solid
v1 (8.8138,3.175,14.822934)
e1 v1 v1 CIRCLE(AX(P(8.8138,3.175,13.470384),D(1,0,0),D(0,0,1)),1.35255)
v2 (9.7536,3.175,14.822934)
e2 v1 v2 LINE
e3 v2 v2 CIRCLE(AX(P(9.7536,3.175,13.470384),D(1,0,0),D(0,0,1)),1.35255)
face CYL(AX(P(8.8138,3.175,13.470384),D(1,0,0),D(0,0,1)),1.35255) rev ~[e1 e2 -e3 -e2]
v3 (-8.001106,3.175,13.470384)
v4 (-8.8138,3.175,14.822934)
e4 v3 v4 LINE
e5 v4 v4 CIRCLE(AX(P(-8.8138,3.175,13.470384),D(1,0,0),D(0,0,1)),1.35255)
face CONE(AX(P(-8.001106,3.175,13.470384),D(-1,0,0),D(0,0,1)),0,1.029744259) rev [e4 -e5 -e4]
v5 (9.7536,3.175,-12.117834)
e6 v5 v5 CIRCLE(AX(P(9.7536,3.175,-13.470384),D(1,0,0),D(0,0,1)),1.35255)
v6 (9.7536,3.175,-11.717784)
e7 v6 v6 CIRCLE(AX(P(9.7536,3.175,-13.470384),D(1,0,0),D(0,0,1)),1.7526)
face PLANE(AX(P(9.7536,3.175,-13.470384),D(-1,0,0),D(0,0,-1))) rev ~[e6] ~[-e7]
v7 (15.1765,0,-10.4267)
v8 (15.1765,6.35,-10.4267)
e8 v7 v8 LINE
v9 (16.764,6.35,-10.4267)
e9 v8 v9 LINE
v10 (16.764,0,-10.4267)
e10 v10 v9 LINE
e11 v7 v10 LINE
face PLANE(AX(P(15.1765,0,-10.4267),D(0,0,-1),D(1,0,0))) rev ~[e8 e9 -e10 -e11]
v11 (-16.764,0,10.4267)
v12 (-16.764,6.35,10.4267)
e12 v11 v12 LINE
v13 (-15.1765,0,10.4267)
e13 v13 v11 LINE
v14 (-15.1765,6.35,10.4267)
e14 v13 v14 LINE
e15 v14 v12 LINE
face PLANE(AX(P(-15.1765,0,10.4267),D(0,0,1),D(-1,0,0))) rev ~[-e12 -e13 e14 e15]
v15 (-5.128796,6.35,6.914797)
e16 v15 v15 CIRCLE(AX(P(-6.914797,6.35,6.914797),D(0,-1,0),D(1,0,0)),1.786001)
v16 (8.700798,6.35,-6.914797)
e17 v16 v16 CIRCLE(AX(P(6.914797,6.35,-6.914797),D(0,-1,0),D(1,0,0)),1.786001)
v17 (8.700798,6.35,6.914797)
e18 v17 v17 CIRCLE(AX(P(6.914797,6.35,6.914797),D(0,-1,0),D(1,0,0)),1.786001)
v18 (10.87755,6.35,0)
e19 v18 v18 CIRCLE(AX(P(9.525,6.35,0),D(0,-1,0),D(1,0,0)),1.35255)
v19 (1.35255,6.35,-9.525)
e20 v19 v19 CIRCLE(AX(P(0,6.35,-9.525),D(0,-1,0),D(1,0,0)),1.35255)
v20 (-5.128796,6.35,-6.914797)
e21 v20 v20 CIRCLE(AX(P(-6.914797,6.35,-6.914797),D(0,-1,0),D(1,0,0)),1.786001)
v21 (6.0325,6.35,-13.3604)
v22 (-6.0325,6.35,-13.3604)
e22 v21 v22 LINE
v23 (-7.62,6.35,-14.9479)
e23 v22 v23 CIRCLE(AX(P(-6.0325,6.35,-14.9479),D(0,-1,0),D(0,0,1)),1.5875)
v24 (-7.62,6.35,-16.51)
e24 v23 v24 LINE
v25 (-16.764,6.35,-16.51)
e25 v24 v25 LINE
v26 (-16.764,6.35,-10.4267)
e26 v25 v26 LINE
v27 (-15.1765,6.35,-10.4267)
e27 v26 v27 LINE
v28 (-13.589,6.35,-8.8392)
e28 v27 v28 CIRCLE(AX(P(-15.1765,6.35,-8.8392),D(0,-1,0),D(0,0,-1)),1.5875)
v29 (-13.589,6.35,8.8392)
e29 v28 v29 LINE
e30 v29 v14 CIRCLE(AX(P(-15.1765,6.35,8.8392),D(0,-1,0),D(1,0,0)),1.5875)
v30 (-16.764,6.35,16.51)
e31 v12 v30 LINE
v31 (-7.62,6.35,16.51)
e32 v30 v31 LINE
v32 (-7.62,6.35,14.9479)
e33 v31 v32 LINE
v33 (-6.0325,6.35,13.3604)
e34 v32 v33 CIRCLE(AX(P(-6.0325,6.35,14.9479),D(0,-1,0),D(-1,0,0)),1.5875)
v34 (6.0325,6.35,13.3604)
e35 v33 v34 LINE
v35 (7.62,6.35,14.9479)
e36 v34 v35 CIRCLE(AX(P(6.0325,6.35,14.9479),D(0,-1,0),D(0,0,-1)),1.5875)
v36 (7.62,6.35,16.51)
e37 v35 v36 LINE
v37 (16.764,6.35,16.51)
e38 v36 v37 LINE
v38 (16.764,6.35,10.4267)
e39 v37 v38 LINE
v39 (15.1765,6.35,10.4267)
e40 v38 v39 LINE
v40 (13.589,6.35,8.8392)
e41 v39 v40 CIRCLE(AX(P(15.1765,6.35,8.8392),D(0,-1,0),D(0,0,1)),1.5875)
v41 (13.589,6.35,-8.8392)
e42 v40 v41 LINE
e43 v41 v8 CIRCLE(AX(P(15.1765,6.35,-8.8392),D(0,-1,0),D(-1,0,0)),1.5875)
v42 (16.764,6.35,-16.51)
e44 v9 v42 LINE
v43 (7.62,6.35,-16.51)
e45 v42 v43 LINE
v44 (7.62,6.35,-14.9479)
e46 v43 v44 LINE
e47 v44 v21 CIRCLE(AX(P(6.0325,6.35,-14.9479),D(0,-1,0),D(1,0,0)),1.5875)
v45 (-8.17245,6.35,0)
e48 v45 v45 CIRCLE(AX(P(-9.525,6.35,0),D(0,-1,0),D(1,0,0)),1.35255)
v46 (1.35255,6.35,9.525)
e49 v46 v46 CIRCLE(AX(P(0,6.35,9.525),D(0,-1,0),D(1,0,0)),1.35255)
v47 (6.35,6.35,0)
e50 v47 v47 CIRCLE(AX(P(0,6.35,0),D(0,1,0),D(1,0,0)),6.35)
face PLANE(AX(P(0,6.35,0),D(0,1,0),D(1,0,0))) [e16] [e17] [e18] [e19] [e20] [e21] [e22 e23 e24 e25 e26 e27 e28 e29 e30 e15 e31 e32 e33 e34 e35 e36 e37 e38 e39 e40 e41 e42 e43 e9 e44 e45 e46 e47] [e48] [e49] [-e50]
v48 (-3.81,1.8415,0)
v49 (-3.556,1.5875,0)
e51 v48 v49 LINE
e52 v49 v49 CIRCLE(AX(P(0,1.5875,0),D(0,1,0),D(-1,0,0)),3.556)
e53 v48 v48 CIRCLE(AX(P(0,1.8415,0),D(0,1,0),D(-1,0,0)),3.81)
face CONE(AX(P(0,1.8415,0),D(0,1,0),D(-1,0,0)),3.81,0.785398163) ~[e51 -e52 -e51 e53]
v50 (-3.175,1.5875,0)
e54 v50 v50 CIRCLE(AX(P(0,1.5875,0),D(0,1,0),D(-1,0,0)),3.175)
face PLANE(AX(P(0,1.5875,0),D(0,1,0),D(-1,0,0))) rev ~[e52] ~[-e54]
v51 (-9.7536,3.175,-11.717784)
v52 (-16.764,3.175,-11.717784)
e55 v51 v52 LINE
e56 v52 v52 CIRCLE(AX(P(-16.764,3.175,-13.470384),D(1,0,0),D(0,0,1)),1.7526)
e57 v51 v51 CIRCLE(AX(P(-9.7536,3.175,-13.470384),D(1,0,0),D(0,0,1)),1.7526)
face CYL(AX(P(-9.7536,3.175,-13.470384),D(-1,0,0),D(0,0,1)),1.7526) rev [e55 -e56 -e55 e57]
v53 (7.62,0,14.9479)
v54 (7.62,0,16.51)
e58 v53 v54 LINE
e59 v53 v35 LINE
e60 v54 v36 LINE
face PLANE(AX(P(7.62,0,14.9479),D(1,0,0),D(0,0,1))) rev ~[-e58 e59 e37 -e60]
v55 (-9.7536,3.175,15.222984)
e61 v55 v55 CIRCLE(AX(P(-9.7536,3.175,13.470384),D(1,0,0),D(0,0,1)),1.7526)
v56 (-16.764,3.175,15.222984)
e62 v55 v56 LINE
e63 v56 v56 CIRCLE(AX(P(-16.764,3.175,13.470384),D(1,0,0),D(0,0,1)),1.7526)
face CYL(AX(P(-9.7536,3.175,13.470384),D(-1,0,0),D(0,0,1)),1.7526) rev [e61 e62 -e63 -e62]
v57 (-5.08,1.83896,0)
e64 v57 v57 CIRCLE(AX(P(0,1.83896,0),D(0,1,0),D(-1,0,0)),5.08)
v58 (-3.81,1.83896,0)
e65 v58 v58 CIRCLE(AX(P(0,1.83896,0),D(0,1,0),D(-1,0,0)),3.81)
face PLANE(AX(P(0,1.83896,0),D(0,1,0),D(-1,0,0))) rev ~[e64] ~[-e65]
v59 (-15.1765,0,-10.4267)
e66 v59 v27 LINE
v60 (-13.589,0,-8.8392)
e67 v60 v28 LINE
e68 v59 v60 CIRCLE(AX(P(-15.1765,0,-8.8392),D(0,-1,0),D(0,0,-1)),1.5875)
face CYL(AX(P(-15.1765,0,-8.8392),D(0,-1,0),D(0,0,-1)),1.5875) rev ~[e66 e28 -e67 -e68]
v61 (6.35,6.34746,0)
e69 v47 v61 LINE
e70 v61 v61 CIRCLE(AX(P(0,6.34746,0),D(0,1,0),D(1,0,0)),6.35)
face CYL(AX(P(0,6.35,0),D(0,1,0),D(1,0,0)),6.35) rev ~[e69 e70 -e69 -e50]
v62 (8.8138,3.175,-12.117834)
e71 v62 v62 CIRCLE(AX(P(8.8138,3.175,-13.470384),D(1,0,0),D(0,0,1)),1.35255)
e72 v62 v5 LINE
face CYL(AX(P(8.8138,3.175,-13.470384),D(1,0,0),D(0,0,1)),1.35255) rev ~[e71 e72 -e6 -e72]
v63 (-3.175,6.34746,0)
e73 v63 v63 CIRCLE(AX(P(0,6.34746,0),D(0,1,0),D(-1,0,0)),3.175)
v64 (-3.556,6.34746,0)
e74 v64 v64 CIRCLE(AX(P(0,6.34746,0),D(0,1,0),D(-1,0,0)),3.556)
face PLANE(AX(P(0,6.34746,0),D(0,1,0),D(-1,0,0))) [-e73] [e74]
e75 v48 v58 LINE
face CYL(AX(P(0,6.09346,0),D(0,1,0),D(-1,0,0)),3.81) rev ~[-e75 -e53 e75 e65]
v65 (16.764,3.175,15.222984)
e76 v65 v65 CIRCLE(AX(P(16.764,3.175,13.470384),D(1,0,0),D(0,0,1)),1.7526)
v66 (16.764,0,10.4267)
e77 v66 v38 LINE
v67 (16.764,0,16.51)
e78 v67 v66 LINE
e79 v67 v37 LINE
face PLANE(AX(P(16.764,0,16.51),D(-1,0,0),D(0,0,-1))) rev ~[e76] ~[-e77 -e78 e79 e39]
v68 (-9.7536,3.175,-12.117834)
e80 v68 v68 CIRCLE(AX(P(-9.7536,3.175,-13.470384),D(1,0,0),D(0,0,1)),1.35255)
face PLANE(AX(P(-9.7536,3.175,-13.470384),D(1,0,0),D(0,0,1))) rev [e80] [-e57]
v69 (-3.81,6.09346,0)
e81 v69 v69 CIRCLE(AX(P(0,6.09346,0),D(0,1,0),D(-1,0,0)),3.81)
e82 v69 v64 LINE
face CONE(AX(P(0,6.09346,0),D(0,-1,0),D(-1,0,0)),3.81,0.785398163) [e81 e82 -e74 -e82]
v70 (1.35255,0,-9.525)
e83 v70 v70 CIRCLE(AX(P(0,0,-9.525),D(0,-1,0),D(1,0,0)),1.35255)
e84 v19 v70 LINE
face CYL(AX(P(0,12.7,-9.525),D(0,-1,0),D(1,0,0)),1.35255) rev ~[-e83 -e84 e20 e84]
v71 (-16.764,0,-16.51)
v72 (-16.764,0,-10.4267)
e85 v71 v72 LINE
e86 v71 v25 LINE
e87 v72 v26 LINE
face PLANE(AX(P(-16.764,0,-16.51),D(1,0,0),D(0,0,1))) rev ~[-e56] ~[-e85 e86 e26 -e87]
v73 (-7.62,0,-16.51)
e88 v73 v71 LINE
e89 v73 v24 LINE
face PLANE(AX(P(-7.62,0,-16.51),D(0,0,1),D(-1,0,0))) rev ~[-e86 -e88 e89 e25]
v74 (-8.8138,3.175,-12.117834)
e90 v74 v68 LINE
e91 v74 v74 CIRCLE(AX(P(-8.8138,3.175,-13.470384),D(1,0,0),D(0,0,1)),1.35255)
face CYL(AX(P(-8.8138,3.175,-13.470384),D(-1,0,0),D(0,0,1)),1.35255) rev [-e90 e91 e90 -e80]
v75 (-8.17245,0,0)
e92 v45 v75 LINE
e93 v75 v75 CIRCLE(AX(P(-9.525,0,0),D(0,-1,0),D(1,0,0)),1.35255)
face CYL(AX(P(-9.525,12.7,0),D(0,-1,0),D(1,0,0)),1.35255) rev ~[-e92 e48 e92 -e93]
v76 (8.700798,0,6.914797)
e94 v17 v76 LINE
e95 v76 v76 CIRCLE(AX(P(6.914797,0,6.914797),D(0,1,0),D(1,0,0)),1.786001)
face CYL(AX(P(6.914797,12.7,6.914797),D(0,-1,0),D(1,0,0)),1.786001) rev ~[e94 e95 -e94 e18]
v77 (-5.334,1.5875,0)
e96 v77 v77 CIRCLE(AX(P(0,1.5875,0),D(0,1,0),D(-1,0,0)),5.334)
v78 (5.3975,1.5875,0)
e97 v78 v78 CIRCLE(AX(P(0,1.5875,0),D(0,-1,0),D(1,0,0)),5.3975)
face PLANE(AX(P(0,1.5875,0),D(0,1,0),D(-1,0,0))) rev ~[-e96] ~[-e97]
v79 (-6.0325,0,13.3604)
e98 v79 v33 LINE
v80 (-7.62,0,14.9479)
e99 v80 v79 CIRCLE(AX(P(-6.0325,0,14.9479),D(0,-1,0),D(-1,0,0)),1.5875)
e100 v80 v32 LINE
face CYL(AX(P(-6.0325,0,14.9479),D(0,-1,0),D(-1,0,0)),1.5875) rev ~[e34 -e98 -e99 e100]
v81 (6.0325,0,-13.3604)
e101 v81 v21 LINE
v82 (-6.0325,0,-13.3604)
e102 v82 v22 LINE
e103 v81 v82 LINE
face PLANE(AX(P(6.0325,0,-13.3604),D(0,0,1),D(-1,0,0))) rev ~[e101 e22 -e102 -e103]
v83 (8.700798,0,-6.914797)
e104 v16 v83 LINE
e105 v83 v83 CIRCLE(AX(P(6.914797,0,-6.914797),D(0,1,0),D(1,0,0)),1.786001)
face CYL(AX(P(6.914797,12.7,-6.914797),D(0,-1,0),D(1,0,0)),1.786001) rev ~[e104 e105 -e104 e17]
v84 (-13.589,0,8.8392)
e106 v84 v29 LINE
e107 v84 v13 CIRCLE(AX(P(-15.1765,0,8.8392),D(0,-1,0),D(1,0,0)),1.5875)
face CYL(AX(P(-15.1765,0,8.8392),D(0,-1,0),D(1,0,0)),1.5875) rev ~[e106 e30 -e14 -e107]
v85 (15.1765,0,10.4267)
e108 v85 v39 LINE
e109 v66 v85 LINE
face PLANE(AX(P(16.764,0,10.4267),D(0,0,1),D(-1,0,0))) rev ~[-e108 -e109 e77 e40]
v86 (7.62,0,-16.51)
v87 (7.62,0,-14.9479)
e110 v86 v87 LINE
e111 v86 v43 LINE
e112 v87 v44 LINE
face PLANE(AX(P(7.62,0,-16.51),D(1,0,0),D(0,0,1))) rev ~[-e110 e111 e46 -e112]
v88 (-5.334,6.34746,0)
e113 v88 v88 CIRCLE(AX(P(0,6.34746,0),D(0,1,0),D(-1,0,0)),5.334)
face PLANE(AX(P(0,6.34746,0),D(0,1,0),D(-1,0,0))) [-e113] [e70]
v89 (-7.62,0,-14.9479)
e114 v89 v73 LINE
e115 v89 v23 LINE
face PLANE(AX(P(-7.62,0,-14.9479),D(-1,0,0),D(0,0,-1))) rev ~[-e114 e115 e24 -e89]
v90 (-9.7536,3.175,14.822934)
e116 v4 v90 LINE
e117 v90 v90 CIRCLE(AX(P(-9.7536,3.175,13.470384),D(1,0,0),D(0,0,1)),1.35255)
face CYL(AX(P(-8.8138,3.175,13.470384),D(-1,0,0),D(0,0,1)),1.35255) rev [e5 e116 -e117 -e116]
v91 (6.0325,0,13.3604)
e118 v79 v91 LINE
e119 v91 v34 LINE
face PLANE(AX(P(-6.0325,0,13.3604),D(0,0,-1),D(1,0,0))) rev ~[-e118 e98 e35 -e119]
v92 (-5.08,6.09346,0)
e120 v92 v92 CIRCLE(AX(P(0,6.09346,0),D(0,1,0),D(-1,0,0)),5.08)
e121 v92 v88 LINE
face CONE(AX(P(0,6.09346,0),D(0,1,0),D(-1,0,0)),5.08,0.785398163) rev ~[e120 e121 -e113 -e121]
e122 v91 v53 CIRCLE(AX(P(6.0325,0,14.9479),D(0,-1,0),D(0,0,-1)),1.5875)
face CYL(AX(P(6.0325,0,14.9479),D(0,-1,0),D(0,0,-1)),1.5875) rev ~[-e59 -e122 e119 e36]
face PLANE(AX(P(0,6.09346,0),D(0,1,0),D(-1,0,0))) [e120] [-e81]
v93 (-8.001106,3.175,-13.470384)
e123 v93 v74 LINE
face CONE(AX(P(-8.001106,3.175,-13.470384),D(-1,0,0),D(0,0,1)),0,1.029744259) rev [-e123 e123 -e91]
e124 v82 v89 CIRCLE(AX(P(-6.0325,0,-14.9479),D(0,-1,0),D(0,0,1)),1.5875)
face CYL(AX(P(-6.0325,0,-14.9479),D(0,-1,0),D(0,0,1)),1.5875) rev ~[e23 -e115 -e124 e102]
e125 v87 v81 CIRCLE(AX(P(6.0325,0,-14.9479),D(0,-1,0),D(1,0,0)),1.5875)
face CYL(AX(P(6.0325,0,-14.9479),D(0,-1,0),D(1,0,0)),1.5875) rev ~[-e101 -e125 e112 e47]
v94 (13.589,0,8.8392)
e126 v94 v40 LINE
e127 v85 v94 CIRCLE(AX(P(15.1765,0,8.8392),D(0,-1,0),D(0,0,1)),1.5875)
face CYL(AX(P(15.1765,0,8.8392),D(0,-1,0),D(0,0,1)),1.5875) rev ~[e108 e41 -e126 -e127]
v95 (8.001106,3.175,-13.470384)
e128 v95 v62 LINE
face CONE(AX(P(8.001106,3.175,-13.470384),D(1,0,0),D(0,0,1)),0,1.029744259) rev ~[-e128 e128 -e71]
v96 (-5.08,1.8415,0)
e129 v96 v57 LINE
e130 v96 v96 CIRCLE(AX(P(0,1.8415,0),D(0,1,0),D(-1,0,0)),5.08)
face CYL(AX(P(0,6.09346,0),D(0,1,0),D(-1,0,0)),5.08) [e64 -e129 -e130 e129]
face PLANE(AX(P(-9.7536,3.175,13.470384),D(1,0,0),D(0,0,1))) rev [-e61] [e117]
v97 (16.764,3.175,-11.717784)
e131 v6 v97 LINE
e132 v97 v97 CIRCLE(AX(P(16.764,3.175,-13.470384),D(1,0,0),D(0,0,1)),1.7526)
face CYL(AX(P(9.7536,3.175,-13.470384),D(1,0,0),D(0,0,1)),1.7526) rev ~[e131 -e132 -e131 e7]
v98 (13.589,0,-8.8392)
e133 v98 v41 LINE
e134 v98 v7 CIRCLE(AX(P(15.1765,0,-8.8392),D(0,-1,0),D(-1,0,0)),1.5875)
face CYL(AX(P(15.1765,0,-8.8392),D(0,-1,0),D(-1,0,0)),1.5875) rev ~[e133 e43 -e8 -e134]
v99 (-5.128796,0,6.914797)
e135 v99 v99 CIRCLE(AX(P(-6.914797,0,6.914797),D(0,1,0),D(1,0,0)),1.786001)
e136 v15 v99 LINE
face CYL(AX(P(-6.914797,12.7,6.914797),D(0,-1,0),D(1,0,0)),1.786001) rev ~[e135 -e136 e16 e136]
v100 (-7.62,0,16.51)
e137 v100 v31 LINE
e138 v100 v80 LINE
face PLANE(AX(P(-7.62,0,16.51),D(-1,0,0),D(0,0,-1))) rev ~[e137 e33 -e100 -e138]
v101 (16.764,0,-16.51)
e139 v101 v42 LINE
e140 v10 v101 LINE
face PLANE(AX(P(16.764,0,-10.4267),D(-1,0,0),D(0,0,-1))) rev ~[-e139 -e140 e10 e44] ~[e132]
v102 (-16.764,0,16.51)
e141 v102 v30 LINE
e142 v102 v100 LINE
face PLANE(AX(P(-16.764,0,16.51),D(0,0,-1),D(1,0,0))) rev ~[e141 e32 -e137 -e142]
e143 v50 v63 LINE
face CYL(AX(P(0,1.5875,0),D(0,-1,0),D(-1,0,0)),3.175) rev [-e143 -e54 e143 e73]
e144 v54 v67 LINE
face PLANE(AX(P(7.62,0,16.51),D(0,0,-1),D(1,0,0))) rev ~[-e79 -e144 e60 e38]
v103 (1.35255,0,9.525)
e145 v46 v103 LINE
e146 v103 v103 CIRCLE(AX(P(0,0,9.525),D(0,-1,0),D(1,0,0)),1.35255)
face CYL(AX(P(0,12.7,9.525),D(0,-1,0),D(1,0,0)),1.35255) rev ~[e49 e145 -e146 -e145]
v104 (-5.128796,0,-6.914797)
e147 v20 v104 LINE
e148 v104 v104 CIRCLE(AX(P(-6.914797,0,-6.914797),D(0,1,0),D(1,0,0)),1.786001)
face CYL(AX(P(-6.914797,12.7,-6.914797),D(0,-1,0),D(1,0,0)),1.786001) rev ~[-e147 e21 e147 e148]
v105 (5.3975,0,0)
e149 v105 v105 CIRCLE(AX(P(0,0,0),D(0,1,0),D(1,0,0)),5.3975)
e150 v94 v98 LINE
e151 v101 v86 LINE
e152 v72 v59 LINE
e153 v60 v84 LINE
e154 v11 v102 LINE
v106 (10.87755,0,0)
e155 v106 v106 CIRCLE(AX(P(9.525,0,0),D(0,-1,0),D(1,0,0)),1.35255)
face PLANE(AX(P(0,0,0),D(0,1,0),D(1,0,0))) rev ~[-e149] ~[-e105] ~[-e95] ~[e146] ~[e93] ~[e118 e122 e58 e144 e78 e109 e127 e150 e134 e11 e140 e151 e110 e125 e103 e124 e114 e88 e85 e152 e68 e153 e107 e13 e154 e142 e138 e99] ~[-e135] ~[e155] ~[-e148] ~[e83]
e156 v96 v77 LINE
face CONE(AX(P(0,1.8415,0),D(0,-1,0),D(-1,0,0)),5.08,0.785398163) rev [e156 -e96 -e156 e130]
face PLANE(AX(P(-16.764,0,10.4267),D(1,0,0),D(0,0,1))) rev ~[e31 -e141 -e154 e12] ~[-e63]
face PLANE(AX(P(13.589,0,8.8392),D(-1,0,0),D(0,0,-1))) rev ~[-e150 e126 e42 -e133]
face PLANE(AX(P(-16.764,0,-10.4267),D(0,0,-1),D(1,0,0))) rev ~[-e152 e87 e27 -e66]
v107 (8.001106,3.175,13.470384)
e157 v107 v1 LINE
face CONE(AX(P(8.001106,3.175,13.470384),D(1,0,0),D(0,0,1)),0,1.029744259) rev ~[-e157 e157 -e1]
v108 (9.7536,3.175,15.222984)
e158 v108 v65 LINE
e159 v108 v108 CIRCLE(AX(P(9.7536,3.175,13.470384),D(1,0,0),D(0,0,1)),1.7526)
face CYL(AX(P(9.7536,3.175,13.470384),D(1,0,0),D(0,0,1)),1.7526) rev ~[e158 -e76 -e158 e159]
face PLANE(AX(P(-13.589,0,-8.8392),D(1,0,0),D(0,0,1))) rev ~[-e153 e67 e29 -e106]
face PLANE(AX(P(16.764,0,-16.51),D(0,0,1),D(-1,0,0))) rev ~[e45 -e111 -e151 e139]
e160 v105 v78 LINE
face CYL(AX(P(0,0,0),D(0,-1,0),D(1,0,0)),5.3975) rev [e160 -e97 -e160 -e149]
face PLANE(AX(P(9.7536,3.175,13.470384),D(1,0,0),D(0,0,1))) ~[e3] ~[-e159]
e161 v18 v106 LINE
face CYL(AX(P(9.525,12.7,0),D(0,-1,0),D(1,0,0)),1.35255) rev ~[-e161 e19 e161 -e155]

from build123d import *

# Parameters (mm, degrees)
SKETCH1_R                           = 5.3975
BOSS_EXTRUDE1_DEPTH                 = 6.35
SKETCH2_R                           = 6.35
CUT_EXTRUDE1_DEPTH                  = 4.7625
SKETCH3_R                           = 6.35
SKETCH3_R_2                         = 5.08
BOSS_EXTRUDE2_DEPTH                 = 4.75996
CHAMFER1_SIZE                       = 0.254
SKETCH4_R                           = 3.81
SKETCH4_R_2                         = 3.175
BOSS_EXTRUDE3_DEPTH                 = 4.75996
CHAMFER2_SIZE                       = 0.254
SKETCH5_R                           = 5.08
SKETCH5_R_2                         = 3.81
BOSS_EXTRUDE4_DEPTH                 = 4.2545
F_6_32_TAPPED_HOLE1_AT_2_COUNT      = 2
F_6_32_TAPPED_HOLE1_AT_2_PITCH      = 26.940768363
F_6_32_TAPPED_HOLE2_D               = 2.7051
F_6_32_TAPPED_HOLE2_DEPTH           = 6.35
F_9_64_0_14063_DIAMETER_HOLE1_D     = 3.572002
F_9_64_0_14063_DIAMETER_HOLE1_DEPTH = 6.35
F_9_64_0_14063_DIAMETER_HOLE1_TIP   = 1.073137666


with BuildPart() as part:
    # Sketch1 → Boss-Extrude1 (new body)
    with BuildSketch(Plane(origin=(0, 0, 0), x_dir=(1, 0, 0), z_dir=(0, 1, 0))):
        with BuildLine():
            Line((-16.764, -16.51), (-7.62, -16.51))
            Line((-7.62, -16.51), (-7.62, -14.9479))
            ThreePointArc((-7.62, -14.9479), (-7.155032015, -13.825367985), (-6.0325, -13.3604))
            Line((-6.0325, -13.3604), (6.0325, -13.3604))
            ThreePointArc((6.0325, -13.3604), (7.155032015, -13.825367985), (7.62, -14.9479))
            Line((7.62, -14.9479), (7.62, -16.51))
            Line((7.62, -16.51), (16.764, -16.51))
            Line((16.764, -16.51), (16.764, -10.4267))
            Line((16.764, -10.4267), (15.1765, -10.4267))
            ThreePointArc((15.1765, -10.4267), (14.053967985, -9.961732015), (13.589, -8.8392))
            Line((13.589, -8.8392), (13.589, 8.8392))
            ThreePointArc((13.589, 8.8392), (14.053967985, 9.961732015), (15.1765, 10.4267))
            Line((15.1765, 10.4267), (16.764, 10.4267))
            Line((16.764, 10.4267), (16.764, 16.51))
            Line((16.764, 16.51), (7.62, 16.51))
            Line((7.62, 16.51), (7.62, 14.9479))
            ThreePointArc((7.62, 14.9479), (7.155032015, 13.825367985), (6.0325, 13.3604))
            Line((6.0325, 13.3604), (-6.0325, 13.3604))
            ThreePointArc((-6.0325, 13.3604), (-7.155032015, 13.825367985), (-7.62, 14.9479))
            Line((-7.62, 14.9479), (-7.62, 16.51))
            Line((-7.62, 16.51), (-16.764, 16.51))
            Line((-16.764, 16.51), (-16.764, 10.4267))
            Line((-16.764, 10.4267), (-15.1765, 10.4267))
            ThreePointArc((-15.1765, 10.4267), (-14.053967985, 9.961732015), (-13.589, 8.8392))
            Line((-13.589, 8.8392), (-13.589, -8.8392))
            ThreePointArc((-13.589, -8.8392), (-14.053967985, -9.961732015), (-15.1765, -10.4267))
            Line((-15.1765, -10.4267), (-16.764, -10.4267))
            Line((-16.764, -10.4267), (-16.764, -16.51))
        make_face()
        Circle(SKETCH1_R, mode=Mode.SUBTRACT)
    extrude(amount=BOSS_EXTRUDE1_DEPTH)

    # Sketch2 → Cut-Extrude1 (cut)
    with BuildSketch(Plane(origin=(0, 6.35, 0), x_dir=(1, 0, 0), z_dir=(0, 1, 0))):
        Circle(SKETCH2_R)
    extrude(amount=-CUT_EXTRUDE1_DEPTH, mode=Mode.SUBTRACT)

    # Sketch3 → Boss-Extrude2 (add)
    with BuildSketch(Plane(origin=(0, 1.5875, 0), x_dir=(-1, 0, 0), z_dir=(0, 1, 0))):
        Circle(SKETCH3_R)
        Circle(SKETCH3_R_2, mode=Mode.SUBTRACT)
    extrude(amount=BOSS_EXTRUDE2_DEPTH)

    # Chamfer1
    chamfer1_edges = [part.edges().sort_by_distance(p)[0] for p in [
        (5.08, 1.5875, 0),
        (5.08, 6.34746, 0),
    ]]
    chamfer(chamfer1_edges, length=CHAMFER1_SIZE)



with BuildPart() as body_2:
    # Sketch4 → Boss-Extrude3 (new body)
    with BuildSketch(Plane(origin=(0, 1.5875, 0), x_dir=(-1, 0, 0), z_dir=(0, 1, 0))):
        Circle(SKETCH4_R)
        Circle(SKETCH4_R_2, mode=Mode.SUBTRACT)
    extrude(amount=BOSS_EXTRUDE3_DEPTH)

    # Chamfer2
    chamfer2_edges = [body_2.edges().sort_by_distance(p)[0] for p in [
        (3.81, 1.5875, 0),
        (3.81, 6.34746, 0),
    ]]
    chamfer(chamfer2_edges, length=CHAMFER2_SIZE)


with BuildPart() as part_1:
    add(part.part)

    add(body_2.part)  # Boss-Extrude4 merges body 2
    # Sketch5 → Boss-Extrude4 (add)
    with BuildSketch(Plane(origin=(0, 6.09346, 0), x_dir=(-1, 0, 0), z_dir=(0, 1, 0))):
        Circle(SKETCH5_R)
        Circle(SKETCH5_R_2, mode=Mode.SUBTRACT)
    extrude(amount=-BOSS_EXTRUDE4_DEPTH)

    # Sketch8 → #6-32 Tapped Hole1 (revolve, cut)
    with BuildSketch(Plane(origin=(-16.764, 3.175, -13.470384182), x_dir=(0, 0, 1), z_dir=(0, 1, 0))):
        Polygon((0, 0), (0, 8.76289403), (1.35255, 7.9502), (1.35255, 7.0104), (1.7526, 7.0104), (1.7526, 0), align=None)
    f_6_32_tapped_hole1 = revolve(axis=Axis((-23.114, 3.175, -13.470384182), (1, 0, 0)), mode=Mode.SUBTRACT)

    # #6-32 Tapped Hole1 at 2: #6-32 Tapped Hole1 ×2
    with Locations(*[(0, 0, i * F_6_32_TAPPED_HOLE1_AT_2_PITCH) for i in range(1, F_6_32_TAPPED_HOLE1_AT_2_COUNT)]):
        add(f_6_32_tapped_hole1, mode=Mode.SUBTRACT)

    # Mirror1: #6-32 Tapped Hole1 across plane
    add(f_6_32_tapped_hole1.mirror(Plane(origin=(0, 0, 0), x_dir=(0, 0, 1), z_dir=(1, 0, 0))), mode=Mode.SUBTRACT)

    # Mirror1 copy 1 sketch → Mirror1 copy 1 (revolve, cut)
    with BuildSketch(Plane(origin=(16.764, 3.175, 13.470384182), x_dir=(0, 0, 1), z_dir=(0, 1, 0))):
        Polygon((0, 0), (0, -8.76289403), (1.35255, -7.9502), (1.35255, -7.0104), (1.7526, -7.0104), (1.7526, 0), align=None)
    revolve(axis=Axis((23.114, 3.175, 13.470384182), (1, 0, 0)), mode=Mode.SUBTRACT)

    # #6-32 Tapped Hole2
    with Locations(Plane(origin=(0, 6.35, 0), x_dir=(-1, 0, 0), z_dir=(0, 1, 0))):
        with Locations((0, -9.525), (-9.525, 0), (0, 9.525), (9.525, 0)):
            Hole(F_6_32_TAPPED_HOLE2_D / 2, depth=F_6_32_TAPPED_HOLE2_DEPTH)

    # 9/64 (0.14063) Diameter Hole1
    with Locations(Plane(origin=(0, 6.35, 0), x_dir=(-1, 0, 0), z_dir=(0, 1, 0))):
        with Locations((6.914797213, -6.914797213), (-6.914797213, -6.914797213), (-6.914797213, 6.914797213), (6.914797213, 6.914797213)):
            Hole(F_9_64_0_14063_DIAMETER_HOLE1_D / 2, depth=F_9_64_0_14063_DIAMETER_HOLE1_DEPTH)
            with Locations((0, 0, -(F_9_64_0_14063_DIAMETER_HOLE1_DEPTH + F_9_64_0_14063_DIAMETER_HOLE1_TIP / 2))):  # 118° drill point
                Cone(0, F_9_64_0_14063_DIAMETER_HOLE1_D / 2, F_9_64_0_14063_DIAMETER_HOLE1_TIP, mode=Mode.SUBTRACT)


solid = part_1.part
